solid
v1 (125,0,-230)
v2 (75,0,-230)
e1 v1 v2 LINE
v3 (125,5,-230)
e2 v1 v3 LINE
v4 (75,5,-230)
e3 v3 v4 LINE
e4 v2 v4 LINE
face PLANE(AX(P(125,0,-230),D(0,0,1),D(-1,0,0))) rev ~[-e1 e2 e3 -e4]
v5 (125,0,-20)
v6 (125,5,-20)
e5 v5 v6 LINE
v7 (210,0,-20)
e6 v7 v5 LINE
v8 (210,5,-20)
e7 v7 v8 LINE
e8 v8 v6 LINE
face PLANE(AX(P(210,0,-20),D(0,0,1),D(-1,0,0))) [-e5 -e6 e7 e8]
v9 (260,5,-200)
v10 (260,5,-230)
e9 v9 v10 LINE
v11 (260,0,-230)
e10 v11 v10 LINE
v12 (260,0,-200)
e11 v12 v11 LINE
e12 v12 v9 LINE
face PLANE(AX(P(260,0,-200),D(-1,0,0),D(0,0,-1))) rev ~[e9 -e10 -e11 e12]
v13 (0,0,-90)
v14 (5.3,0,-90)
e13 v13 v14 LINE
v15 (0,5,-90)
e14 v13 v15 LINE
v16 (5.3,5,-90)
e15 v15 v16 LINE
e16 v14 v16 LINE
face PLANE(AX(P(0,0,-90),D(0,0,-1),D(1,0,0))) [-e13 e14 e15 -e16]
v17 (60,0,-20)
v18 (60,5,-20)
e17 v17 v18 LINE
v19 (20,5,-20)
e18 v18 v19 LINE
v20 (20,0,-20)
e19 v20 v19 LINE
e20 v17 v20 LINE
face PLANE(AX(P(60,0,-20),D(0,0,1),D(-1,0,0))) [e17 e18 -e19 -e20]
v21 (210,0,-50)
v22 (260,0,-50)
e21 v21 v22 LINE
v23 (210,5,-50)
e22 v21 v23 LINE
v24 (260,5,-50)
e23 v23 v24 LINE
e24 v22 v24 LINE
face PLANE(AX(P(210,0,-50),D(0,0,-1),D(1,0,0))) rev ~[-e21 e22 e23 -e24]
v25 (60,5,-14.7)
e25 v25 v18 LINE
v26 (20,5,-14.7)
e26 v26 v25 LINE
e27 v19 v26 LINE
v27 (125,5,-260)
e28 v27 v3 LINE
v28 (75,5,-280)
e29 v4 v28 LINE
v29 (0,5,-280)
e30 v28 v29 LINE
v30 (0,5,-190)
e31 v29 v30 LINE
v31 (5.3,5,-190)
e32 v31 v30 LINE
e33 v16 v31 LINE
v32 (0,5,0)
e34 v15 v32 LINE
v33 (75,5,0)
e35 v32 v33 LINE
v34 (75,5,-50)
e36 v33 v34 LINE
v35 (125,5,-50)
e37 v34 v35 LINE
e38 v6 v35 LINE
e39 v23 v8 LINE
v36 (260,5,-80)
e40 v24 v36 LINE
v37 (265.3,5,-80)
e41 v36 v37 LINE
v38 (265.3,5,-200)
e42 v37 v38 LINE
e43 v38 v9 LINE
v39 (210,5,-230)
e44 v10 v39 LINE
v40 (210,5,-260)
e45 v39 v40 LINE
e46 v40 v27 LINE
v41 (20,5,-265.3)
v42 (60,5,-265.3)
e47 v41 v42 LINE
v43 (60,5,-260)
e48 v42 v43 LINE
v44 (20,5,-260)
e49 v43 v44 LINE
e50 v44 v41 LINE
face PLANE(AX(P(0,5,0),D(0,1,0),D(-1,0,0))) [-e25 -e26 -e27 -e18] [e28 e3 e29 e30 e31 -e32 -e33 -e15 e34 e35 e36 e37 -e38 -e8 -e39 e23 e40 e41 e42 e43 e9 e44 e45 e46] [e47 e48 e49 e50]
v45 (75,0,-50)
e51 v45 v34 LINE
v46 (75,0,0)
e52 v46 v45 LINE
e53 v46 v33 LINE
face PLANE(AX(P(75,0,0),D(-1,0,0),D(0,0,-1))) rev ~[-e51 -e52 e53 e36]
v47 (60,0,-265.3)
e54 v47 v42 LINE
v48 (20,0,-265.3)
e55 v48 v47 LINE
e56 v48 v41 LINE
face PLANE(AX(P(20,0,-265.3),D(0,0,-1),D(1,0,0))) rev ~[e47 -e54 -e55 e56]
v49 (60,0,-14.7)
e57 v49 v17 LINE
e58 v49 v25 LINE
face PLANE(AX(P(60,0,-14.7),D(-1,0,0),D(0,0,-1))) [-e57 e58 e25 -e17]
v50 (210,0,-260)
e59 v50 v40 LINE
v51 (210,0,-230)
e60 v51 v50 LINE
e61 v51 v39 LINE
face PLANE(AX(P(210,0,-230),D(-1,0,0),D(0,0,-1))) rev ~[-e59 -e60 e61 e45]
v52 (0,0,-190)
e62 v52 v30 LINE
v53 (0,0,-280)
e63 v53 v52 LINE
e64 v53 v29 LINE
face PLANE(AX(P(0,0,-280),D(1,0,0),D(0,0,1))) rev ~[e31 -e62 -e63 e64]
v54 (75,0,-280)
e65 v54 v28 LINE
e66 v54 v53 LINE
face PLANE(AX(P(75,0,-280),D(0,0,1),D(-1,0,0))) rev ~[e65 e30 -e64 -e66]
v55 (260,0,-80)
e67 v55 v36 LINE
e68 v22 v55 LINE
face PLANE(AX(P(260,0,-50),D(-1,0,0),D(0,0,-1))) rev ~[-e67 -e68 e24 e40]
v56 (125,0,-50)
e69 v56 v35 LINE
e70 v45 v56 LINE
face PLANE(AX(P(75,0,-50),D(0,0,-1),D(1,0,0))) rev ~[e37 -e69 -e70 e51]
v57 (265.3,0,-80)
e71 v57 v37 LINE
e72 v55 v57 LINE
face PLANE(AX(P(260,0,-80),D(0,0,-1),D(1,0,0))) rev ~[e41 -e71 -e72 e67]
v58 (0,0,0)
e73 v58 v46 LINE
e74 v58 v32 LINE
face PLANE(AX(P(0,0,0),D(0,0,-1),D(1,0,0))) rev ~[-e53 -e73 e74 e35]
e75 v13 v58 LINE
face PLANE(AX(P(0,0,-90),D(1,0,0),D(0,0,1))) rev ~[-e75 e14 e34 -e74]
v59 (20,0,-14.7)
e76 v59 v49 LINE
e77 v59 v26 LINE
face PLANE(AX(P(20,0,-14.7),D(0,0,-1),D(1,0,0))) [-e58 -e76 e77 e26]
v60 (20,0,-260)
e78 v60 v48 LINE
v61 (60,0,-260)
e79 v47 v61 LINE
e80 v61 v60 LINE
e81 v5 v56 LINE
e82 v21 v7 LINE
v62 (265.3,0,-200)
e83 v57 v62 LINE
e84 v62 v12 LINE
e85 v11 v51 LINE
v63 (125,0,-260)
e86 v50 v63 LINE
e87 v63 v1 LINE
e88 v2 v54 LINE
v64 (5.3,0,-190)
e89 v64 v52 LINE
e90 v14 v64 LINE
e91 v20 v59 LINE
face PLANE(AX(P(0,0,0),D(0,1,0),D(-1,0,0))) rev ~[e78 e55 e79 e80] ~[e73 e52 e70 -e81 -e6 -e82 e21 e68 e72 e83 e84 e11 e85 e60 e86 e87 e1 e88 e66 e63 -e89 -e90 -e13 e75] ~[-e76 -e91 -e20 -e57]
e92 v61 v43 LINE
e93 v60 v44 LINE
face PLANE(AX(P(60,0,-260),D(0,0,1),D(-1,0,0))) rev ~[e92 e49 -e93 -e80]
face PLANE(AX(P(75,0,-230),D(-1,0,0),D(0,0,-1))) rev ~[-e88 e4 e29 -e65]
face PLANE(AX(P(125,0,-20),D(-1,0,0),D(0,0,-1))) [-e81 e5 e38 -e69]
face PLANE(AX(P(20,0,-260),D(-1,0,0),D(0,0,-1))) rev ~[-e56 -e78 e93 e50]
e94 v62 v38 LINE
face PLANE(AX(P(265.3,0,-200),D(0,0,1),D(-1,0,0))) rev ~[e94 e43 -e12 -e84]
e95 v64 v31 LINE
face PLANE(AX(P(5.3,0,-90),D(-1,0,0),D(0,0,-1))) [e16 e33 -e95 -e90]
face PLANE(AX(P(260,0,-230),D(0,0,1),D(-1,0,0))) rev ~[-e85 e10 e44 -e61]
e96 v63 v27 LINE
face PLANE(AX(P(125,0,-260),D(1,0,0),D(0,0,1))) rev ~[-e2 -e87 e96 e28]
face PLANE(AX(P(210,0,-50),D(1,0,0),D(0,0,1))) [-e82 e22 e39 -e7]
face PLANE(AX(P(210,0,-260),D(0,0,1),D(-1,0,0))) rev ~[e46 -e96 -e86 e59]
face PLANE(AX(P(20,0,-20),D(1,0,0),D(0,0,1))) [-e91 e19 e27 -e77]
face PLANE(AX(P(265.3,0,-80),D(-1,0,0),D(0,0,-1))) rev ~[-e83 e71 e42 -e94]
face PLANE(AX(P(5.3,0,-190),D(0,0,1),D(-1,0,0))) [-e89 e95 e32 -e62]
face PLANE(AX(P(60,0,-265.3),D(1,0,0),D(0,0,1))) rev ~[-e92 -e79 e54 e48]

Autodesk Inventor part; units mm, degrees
ref_plane "YZ Plane" through (0, 0, 0) normal (1, 0, 0) x (0, 1, 0)
ref_plane "XZ Plane" through (0, 0, 0) normal (0, 1, 0) x (-1, 0, 0)
ref_plane "XY Plane" through (0, 0, 0) normal (0, 0, 1) x (1, 0, 0)
sketch "Sketch1" plane through (0, 0, 0) normal (0, 1, 0) x (-1, 0, 0)
  line L0 (0, 0) -> (-75, 0)
  line L1 (-75, 0) -> (-75, -280)
  line L2 (-75, -280) -> (0, -280)
  line L3 (0, -280) -> (0, 0)
  line L4 (-20, -14.7) -> (-60, -14.7)
  line L5 (-60, -14.7) -> (-60, -20)
  line L6 (-60, -20) -> (-20, -20)
  line L7 (-20, -20) -> (-20, -14.7)
  line L8 (-75, -140) -> (0, -140) construction
  line L9 (-20, -265.3) -> (-60, -265.3)
  line L10 (-60, -265.3) -> (-60, -260)
  line L11 (-60, -260) -> (-20, -260)
  line L12 (-20, -260) -> (-20, -265.3)
  line L13 (-75, -50) -> (-260, -50)
  line L14 (-260, -50) -> (-260, -230)
  line L15 (-260, -230) -> (-75, -230)
  line L16 (-75, -230) -> (-75, -50)
  line L17 (-260, -80) -> (-265.3, -80)
  line L18 (-265.3, -80) -> (-265.3, -200)
  line L19 (-265.3, -200) -> (-260, -200)
  line L20 (-260, -200) -> (-260, -80)
  line L21 (0, -90) -> (-5.3, -90)
  line L22 (-5.3, -90) -> (-5.3, -190)
  line L23 (-5.3, -190) -> (0, -190)
  line L24 (0, -190) -> (0, -90)
  line L25 (-125, -50) -> (-210, -50)
  line L26 (-210, -50) -> (-210, -20)
  line L27 (-210, -20) -> (-125, -20)
  line L28 (-125, -20) -> (-125, -50)
  line L29 (-125, -230) -> (-210, -230)
  line L30 (-210, -230) -> (-210, -260)
  line L31 (-210, -260) -> (-125, -260)
  line L32 (-125, -260) -> (-125, -230)
  point P0 (-75, -230)
  point P1 (0, -190)
  dimension "d0" = 75
  dimension "d1" = 280
  dimension "d2" = 40
  dimension "d3" = 5.3
  dimension "d6" = 185
  dimension "d7" = 180
  dimension "d8" = 5.3
  dimension "d9" = 120
  dimension "d11" = 20
  dimension "d12" = 5.3
  dimension "d13" = 100
  dimension "d14" = 90
  dimension "d15" = 85
  dimension "d16" = 50
extrude "Extrusion1" add sketch "Sketch1" along normal blind 5 contours L3 L21 L22 L23 L2 L1 L0 | L1 L15 L14 L13 | L13 L26 L27 L28 | L32 L31 L30 L15 | L14 L19 L18 L17
properties part number "hood"
